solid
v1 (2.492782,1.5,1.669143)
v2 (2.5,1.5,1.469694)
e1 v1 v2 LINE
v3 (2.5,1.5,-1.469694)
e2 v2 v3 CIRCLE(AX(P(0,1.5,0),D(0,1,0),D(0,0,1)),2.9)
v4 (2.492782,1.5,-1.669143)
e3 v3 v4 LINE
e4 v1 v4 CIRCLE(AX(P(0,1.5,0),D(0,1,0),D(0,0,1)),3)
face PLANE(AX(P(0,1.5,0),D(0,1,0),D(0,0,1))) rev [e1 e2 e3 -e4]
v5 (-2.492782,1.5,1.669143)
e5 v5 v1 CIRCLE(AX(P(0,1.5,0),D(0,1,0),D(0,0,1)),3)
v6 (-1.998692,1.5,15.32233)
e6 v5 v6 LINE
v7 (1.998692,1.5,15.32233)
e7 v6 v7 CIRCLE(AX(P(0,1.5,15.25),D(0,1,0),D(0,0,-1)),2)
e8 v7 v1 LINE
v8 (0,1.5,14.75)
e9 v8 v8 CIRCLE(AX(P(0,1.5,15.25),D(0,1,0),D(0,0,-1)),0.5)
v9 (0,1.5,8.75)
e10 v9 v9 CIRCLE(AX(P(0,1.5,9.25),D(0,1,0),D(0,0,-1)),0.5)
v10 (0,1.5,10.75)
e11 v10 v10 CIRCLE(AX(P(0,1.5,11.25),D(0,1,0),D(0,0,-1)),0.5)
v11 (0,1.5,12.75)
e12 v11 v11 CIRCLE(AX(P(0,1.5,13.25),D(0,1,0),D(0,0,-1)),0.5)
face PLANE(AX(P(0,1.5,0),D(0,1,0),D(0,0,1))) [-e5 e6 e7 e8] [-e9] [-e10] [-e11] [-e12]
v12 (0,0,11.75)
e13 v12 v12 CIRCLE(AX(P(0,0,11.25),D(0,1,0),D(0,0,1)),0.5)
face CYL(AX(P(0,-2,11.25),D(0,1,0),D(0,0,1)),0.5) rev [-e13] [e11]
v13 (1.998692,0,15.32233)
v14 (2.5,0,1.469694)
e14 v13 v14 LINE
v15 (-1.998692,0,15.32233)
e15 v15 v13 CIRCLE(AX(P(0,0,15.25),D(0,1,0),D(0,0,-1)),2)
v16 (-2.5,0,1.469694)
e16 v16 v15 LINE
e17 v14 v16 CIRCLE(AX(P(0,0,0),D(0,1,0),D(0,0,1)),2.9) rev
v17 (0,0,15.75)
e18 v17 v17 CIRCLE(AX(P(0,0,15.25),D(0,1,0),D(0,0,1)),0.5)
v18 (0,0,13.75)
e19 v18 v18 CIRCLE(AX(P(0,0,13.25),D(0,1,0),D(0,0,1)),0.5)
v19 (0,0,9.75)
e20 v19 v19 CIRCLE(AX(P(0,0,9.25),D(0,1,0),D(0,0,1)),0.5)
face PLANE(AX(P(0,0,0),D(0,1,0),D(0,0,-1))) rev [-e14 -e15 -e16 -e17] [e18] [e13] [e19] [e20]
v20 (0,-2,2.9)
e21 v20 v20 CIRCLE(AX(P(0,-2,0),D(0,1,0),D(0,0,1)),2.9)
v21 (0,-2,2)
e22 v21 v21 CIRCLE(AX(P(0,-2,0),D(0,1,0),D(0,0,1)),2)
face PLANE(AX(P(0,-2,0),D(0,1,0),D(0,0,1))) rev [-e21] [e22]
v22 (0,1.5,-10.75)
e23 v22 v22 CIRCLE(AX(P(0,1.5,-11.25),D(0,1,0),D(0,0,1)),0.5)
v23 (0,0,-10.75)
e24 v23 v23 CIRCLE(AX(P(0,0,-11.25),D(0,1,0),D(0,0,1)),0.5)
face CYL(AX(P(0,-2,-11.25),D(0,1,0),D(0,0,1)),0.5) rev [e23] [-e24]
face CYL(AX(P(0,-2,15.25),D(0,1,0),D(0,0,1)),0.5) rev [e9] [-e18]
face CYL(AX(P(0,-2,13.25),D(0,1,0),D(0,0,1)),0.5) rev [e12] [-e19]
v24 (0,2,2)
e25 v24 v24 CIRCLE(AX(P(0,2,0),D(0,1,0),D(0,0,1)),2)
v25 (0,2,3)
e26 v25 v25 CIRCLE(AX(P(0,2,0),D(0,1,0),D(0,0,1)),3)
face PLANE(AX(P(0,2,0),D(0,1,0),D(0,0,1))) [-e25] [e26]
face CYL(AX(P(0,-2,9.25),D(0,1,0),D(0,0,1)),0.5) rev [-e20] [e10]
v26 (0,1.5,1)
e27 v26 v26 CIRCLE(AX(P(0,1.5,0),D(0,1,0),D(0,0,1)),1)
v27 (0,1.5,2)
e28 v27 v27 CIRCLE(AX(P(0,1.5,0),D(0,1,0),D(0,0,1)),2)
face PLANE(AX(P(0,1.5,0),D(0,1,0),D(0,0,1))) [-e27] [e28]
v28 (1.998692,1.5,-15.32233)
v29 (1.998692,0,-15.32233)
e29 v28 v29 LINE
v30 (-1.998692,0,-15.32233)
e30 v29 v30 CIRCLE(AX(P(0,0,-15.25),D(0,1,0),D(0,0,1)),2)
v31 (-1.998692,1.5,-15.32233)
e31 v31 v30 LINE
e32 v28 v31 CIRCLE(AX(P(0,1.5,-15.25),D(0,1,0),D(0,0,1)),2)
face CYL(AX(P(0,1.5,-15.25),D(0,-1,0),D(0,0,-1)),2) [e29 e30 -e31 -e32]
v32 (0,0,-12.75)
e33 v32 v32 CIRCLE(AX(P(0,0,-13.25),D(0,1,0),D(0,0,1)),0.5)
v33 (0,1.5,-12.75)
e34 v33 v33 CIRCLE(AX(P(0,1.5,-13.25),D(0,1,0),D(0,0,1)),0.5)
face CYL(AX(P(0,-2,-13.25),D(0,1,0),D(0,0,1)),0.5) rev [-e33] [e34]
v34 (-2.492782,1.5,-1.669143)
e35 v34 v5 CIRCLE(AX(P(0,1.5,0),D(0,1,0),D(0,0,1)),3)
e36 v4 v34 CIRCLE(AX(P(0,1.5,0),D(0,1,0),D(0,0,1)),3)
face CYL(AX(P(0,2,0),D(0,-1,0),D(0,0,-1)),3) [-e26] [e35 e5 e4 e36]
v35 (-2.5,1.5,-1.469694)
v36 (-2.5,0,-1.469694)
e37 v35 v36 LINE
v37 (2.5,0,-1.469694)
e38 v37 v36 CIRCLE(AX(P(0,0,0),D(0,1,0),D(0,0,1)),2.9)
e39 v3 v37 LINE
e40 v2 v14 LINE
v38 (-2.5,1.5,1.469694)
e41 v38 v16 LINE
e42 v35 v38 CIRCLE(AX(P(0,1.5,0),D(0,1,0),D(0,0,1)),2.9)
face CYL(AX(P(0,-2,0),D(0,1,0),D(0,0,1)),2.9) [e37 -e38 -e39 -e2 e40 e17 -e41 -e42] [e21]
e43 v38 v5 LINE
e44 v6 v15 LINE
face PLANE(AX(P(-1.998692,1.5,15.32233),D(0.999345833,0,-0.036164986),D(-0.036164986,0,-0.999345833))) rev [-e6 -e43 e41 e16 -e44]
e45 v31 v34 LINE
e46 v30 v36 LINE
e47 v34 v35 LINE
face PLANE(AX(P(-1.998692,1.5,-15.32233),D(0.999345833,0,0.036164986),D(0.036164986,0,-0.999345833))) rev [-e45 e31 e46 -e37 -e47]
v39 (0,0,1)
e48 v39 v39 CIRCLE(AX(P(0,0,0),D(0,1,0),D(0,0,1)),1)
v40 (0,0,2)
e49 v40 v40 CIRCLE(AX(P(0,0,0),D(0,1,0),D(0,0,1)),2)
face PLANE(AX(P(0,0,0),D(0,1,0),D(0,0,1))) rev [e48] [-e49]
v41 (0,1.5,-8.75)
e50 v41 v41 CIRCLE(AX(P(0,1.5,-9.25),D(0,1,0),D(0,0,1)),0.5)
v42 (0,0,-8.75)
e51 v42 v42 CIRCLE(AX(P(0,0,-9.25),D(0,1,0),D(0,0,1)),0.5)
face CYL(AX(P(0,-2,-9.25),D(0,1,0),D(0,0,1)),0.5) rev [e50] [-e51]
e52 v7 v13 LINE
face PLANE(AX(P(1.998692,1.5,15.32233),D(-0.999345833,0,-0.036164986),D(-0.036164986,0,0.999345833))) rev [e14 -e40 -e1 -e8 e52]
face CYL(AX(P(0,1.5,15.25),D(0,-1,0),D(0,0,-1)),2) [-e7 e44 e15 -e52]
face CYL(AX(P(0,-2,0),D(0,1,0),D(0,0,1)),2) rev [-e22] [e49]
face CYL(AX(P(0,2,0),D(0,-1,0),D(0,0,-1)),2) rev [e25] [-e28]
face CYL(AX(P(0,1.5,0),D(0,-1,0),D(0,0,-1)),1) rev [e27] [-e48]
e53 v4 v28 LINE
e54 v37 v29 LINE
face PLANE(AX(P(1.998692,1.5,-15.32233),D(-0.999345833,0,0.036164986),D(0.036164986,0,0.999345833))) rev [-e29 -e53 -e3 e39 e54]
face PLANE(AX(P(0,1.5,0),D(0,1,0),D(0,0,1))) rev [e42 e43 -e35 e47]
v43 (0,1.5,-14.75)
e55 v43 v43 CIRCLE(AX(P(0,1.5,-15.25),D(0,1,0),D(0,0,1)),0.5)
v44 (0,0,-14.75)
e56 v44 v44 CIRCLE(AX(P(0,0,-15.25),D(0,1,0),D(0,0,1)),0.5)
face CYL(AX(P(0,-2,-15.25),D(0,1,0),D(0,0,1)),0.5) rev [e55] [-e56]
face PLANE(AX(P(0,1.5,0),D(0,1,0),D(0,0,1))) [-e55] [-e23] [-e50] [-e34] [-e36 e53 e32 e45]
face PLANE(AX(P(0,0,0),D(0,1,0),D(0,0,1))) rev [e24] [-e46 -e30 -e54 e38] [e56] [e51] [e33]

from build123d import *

# Parameters (mm, degrees)
ESQUISSE1_R                            = 2.9
ESQUISSE1_R_2                          = 2
BOSS_EXTRU_1_DEPTH                     = 2
BOSS_EXTRU_2_START                     = 1.5
ESQUISSE2_R                            = 1
BOSS_EXTRU_2_DEPTH                     = 1.5
ESQUISSE4_R                            = 0.5
ENL_V_MAT_EXTRU_1_DEPTH                = 18.838791999
R_P_TITION_LIN_AIRE1_COUNT             = 4
R_P_TITION_LIN_AIRE1_PITCH             = 2
R_P_TITION_CIRCULAIRE1_COUNT           = 2
R_P_TITION_CIRCULAIRE1_COPY_1_SKETCH_R = 0.5
R_P_TITION_CIRCULAIRE1_COPY_1_DEPTH    = 18.838791999
R_P_TITION_CIRCULAIRE1_COPY_2_SKETCH_R = 0.5
R_P_TITION_CIRCULAIRE1_COPY_2_DEPTH    = 18.838791999
R_P_TITION_CIRCULAIRE1_COPY_3_SKETCH_R = 0.5
R_P_TITION_CIRCULAIRE1_COPY_3_DEPTH    = 18.838791999
BOSS_EXTRU_3_START                     = 0.5
ESQUISSE3_R                            = 3
ESQUISSE3_R_2                          = 2
BOSS_EXTRU_3_DEPTH                     = 0.5


with BuildPart() as part:
    # Esquisse1 → Boss.-Extru.1 (new body)
    with BuildSketch(Plane(origin=(0, 0, 0), x_dir=(1, 0, 0), z_dir=(0, 1, 0))):
        with Locations(Location((0, 0, 0), (0, 0, 270))):
            Circle(ESQUISSE1_R)
        with Locations(Location((0, 0, 0), (0, 0, 270))):
            Circle(ESQUISSE1_R_2, mode=Mode.SUBTRACT)
    extrude(amount=-BOSS_EXTRU_1_DEPTH)

    # Esquisse2 → Boss.-Extru.2 (add)
    with BuildSketch(Plane(origin=(0, 0, 0), x_dir=(1, 0, 0), z_dir=(0, 1, 0)).offset(BOSS_EXTRU_2_START)):
        with BuildLine():
            Line((-1.998691666, 15.322329972), (-2.5, 1.469693846))
            ThreePointArc((-2.5, 1.469693846), (0, -2.9), (2.5, 1.469693846))
            Line((2.5, 1.469693846), (1.998691666, 15.322329972))
            ThreePointArc((1.998691666, 15.322329972), (0, 17.25), (-1.998691666, 15.322329972))
        make_face()
        with Locations(Location((0, 0, 0), (0, 0, 270))):
            Circle(ESQUISSE2_R, mode=Mode.SUBTRACT)
    boss_extru_2 = extrude(amount=-BOSS_EXTRU_2_DEPTH)

    # Esquisse4 → Enlèv. mat.-Extru.1 (cut, through all)
    with BuildSketch(Plane(origin=(0, 1.5, 0), x_dir=(1, 0, 0), z_dir=(0, 1, 0))):
        with Locations(Location((0, 15.25, 0), (0, 0, 270))):
            Circle(ESQUISSE4_R)
    enl_v_mat_extru_1 = extrude(amount=-ENL_V_MAT_EXTRU_1_DEPTH, mode=Mode.SUBTRACT)

    # Répétition linéaire1: Enlèv. mat.-Extru.1 ×4
    with Locations(*[(0, 0, i * R_P_TITION_LIN_AIRE1_PITCH) for i in range(1, R_P_TITION_LIN_AIRE1_COUNT)]):
        add(enl_v_mat_extru_1, mode=Mode.SUBTRACT)

    # Répétition circulaire1: Boss.-Extru.2, Enlèv. mat.-Extru.1 ×2 about axis
    r_p_tition_circulaire1_axis = Axis((0, 0, 0), (0, 1, 0))
    add([boss_extru_2.rotate(r_p_tition_circulaire1_axis, i * 360 / R_P_TITION_CIRCULAIRE1_COUNT) for i in range(1, R_P_TITION_CIRCULAIRE1_COUNT)])
    add([enl_v_mat_extru_1.rotate(r_p_tition_circulaire1_axis, i * 360 / R_P_TITION_CIRCULAIRE1_COUNT) for i in range(1, R_P_TITION_CIRCULAIRE1_COUNT)], mode=Mode.SUBTRACT)

    # Répétition circulaire1 copy 1 sketch → Répétition circulaire1 copy 1 (cut, through all)
    with BuildSketch(Plane(origin=(0, 1.5, -2), x_dir=(-1, 0, 0), z_dir=(0, 1, 0))):
        with Locations(Location((0, 15.25, 0), (0, 0, 270))):
            Circle(R_P_TITION_CIRCULAIRE1_COPY_1_SKETCH_R)
    extrude(amount=-R_P_TITION_CIRCULAIRE1_COPY_1_DEPTH, mode=Mode.SUBTRACT)

    # Répétition circulaire1 copy 2 sketch → Répétition circulaire1 copy 2 (cut, through all)
    with BuildSketch(Plane(origin=(0, 1.5, -4), x_dir=(-1, 0, 0), z_dir=(0, 1, 0))):
        with Locations(Location((0, 15.25, 0), (0, 0, 270))):
            Circle(R_P_TITION_CIRCULAIRE1_COPY_2_SKETCH_R)
    extrude(amount=-R_P_TITION_CIRCULAIRE1_COPY_2_DEPTH, mode=Mode.SUBTRACT)

    # Répétition circulaire1 copy 3 sketch → Répétition circulaire1 copy 3 (cut, through all)
    with BuildSketch(Plane(origin=(0, 1.5, -6), x_dir=(-1, 0, 0), z_dir=(0, 1, 0))):
        with Locations(Location((0, 15.25, 0), (0, 0, 270))):
            Circle(R_P_TITION_CIRCULAIRE1_COPY_3_SKETCH_R)
    extrude(amount=-R_P_TITION_CIRCULAIRE1_COPY_3_DEPTH, mode=Mode.SUBTRACT)

    # Esquisse3 → Boss.-Extru.3 (add)
    with BuildSketch(Plane(origin=(0, 1.5, 0), x_dir=(1, 0, 0), z_dir=(0, 1, 0)).offset(BOSS_EXTRU_3_START)):
        with Locations(Location((0, 0, 0), (0, 0, 33.805876752))):
            Circle(ESQUISSE3_R)
        with Locations(Location((0, 0, 0), (0, 0, 270))):
            Circle(ESQUISSE3_R_2, mode=Mode.SUBTRACT)
    extrude(amount=-BOSS_EXTRU_3_DEPTH)


solid = part.part
